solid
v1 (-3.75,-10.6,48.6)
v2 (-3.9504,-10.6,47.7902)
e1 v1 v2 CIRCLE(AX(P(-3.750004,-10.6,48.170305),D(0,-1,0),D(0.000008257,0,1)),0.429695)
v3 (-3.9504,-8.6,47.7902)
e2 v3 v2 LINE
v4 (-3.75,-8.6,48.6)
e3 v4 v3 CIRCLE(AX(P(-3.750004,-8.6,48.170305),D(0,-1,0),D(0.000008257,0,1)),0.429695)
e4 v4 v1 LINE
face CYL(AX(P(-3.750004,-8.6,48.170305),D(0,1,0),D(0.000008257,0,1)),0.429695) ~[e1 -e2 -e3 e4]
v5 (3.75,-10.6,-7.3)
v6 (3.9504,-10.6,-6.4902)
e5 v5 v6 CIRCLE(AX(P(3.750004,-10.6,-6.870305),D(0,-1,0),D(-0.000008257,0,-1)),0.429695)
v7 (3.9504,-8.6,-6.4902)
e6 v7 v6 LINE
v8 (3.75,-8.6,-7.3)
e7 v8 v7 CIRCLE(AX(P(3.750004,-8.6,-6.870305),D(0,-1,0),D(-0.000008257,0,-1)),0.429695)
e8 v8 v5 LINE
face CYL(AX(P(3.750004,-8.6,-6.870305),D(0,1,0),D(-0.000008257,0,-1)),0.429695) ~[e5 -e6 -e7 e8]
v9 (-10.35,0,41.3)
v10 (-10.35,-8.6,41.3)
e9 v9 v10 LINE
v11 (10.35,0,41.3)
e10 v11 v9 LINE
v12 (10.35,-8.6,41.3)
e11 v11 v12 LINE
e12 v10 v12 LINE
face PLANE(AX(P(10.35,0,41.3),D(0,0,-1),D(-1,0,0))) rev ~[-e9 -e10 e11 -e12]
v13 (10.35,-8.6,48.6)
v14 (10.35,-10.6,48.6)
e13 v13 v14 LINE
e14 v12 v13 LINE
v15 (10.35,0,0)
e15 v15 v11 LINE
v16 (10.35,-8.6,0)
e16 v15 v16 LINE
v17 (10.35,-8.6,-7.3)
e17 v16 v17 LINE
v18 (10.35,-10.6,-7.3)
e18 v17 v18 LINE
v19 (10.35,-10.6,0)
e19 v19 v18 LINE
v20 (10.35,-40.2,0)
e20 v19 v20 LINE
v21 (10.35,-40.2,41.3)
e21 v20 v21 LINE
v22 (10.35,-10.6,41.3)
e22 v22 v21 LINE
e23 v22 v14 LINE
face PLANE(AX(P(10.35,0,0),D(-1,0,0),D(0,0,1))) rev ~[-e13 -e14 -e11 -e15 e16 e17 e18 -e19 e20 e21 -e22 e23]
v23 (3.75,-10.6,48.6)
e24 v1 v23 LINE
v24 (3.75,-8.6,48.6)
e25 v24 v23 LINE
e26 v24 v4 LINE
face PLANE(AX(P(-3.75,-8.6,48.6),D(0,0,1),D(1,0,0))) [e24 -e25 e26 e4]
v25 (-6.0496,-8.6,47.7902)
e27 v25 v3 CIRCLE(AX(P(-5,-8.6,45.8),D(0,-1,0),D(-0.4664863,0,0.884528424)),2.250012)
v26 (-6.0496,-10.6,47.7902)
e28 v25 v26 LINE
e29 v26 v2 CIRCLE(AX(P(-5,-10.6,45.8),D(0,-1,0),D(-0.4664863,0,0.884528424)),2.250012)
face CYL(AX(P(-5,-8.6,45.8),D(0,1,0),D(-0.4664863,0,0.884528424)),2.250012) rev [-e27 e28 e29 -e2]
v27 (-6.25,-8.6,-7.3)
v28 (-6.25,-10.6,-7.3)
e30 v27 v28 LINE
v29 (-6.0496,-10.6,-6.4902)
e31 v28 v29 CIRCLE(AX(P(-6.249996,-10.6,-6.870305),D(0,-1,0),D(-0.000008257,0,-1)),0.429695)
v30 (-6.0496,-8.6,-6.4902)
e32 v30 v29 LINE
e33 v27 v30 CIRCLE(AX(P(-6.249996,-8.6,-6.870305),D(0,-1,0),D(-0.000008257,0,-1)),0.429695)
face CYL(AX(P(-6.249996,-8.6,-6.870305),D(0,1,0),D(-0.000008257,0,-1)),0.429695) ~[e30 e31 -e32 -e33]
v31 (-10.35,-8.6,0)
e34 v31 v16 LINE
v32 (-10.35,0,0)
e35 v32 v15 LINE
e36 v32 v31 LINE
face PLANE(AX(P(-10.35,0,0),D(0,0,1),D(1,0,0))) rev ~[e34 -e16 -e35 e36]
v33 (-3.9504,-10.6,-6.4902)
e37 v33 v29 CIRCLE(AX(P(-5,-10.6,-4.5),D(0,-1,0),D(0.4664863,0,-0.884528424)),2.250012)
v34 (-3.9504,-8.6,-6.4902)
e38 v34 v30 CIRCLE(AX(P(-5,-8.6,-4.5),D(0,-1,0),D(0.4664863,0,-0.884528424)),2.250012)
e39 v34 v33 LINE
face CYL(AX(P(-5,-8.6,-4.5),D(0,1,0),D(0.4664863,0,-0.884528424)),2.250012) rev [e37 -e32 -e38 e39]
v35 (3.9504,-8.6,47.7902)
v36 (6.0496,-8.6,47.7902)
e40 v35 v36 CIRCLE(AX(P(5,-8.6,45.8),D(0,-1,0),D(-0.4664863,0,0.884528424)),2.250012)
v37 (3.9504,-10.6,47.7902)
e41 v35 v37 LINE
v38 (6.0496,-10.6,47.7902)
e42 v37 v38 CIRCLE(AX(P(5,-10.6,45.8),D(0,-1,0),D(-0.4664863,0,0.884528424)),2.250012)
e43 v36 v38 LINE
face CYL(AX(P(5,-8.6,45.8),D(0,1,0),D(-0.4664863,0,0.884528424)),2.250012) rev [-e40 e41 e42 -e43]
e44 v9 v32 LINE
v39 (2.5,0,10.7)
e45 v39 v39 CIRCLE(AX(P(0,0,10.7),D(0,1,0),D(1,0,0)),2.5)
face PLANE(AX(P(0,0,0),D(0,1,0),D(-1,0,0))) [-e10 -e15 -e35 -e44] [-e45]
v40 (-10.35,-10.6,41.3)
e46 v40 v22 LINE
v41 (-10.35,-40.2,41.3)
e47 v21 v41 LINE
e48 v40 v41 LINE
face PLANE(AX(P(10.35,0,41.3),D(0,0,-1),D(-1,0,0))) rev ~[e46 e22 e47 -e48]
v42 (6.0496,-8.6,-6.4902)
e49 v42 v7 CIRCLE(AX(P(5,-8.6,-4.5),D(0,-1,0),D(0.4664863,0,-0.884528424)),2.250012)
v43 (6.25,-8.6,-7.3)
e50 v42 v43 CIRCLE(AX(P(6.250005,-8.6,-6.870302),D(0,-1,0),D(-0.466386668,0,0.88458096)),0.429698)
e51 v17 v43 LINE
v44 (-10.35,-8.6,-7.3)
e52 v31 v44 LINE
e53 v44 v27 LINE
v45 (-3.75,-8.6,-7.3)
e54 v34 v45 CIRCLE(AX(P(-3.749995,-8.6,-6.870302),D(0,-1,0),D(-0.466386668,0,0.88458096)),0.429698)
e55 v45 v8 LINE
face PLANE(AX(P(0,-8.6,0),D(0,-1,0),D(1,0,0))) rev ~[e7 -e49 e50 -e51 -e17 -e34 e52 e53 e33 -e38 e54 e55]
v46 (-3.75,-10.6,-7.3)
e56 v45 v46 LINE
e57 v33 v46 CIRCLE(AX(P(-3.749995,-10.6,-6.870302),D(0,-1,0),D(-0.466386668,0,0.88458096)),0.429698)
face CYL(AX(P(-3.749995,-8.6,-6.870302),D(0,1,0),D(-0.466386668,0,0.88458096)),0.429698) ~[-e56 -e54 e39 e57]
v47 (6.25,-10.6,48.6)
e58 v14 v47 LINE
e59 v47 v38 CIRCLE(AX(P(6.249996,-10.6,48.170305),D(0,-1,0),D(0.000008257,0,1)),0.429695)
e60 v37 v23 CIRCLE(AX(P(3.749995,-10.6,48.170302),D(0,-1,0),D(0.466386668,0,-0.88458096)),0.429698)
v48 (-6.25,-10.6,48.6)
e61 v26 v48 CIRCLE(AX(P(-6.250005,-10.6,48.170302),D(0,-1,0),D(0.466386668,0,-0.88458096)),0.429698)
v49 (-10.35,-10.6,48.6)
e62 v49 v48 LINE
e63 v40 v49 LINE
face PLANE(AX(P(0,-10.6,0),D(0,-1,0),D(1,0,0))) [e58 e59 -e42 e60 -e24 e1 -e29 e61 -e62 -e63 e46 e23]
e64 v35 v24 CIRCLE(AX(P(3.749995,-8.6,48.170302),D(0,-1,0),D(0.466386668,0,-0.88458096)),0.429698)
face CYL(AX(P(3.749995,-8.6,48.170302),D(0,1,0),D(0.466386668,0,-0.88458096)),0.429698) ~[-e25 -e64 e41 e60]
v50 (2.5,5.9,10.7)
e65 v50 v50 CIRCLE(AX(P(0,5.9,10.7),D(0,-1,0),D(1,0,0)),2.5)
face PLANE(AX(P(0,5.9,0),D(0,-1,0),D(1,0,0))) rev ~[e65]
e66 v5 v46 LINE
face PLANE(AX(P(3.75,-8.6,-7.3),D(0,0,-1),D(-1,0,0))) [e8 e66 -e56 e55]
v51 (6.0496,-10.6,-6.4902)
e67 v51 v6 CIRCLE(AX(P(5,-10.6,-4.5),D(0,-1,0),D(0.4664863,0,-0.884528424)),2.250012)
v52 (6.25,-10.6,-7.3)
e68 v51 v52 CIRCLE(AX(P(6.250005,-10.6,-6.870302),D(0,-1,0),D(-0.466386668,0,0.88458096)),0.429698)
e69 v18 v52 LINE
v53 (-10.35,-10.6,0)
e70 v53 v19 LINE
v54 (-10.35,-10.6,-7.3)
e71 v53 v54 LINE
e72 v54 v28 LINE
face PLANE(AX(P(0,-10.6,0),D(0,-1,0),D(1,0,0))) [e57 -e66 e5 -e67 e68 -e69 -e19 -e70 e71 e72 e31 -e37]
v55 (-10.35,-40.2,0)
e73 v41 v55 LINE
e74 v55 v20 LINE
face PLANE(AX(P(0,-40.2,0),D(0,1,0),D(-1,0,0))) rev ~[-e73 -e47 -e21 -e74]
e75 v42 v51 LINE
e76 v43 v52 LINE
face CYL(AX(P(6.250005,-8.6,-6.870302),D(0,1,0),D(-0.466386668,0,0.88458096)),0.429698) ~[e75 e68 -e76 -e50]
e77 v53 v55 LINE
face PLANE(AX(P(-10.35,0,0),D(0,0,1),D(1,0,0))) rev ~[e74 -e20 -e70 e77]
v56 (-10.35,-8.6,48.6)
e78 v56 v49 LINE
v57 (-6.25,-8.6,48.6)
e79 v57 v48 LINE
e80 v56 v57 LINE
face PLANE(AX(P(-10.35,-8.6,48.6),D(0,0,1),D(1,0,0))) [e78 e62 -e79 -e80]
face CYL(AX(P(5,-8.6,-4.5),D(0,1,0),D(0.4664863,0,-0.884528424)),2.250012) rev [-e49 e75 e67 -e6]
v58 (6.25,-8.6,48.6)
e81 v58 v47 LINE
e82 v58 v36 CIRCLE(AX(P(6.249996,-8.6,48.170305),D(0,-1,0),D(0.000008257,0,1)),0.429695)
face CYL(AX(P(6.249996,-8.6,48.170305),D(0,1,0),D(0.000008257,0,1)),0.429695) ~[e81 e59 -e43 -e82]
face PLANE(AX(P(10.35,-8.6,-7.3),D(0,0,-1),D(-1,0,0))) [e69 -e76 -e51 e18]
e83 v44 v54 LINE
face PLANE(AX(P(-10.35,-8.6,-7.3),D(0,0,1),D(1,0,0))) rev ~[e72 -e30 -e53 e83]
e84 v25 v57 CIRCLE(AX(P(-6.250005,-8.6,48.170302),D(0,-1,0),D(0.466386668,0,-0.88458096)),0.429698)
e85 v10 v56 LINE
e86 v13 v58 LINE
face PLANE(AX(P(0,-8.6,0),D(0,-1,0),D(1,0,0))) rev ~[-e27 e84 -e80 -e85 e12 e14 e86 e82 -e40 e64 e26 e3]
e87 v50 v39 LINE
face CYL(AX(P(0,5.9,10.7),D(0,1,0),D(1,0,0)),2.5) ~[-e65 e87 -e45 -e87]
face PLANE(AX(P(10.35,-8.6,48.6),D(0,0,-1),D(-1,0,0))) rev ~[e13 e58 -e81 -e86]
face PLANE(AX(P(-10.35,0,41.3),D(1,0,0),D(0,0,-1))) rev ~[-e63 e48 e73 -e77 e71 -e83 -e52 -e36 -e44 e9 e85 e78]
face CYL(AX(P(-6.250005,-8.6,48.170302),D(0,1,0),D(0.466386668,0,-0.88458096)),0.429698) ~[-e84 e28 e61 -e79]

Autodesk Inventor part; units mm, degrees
ref_plane "YZ Plane" through (0, 0, 0) normal (1, 0, 0) x (0, 1, 0)
ref_plane "XZ Plane" through (0, 0, 0) normal (0, 1, 0) x (-1, 0, 0)
ref_plane "XY Plane" through (0, 0, 0) normal (0, 0, 1) x (1, 0, 0)
sketch "Sketch1" plane through (0, 0, 0) normal (0, 1, 0) x (-1, 0, 0)
  line L0 (10.35, 0) -> (-10.35, 0)
  line L1 (-10.35, 0) -> (-10.35, 41.3)
  line L2 (-10.35, 41.3) -> (10.35, 41.3)
  line L3 (10.35, 41.3) -> (10.35, 0)
  point P0 (0, 0)
  point P1 (0, 0)
  dimension "d0" = 41.3
  dimension "d1" = 20.7
extrude "Extrusion1" add sketch "Sketch1" against normal blind 40.2
ref_plane "Work Plane2" through (0, -8.6, 0) normal (0, -1, 0) x (1, 0, 0)
ref_plane "Work Plane1" through (0, 5.9, 0) normal (0, -1, 0) x (1, 0, 0)
sketch "Sketch2" plane through (0, -8.6, 0) normal (0, -1, 0) x (1, 0, 0)
  line L0 (-10.35, 0) -> (10.35, 0) projected
  line L1 (-10.35, 41.3) -> (-10.35, 0) construction
  line L2 (-10.35, 0) -> (-10.35, -7.3)
  line L3 (-10.35, -7.3) -> (-6.25, -7.3)
  arc A0 (-6.25, -7.3) -> (-6.0496, -6.4902) centre (-6.25, -6.8703) ccw
  arc A1 (-3.9504, -6.4902) -> (-6.0496, -6.4902) centre (-5, -4.5) ccw
  arc A2 (-3.9504, -6.4902) -> (-3.75, -7.3) centre (-3.75, -6.8703) ccw
  line L4 (-3.75, -7.3) -> (0, -7.3)
  line L5 (0, -7.3) -> (0, 0) construction
  line L6 (10.35, 0) -> (10.35, -7.3)
  line L7 (10.35, -7.3) -> (6.25, -7.3)
  arc A3 (6.0496, -6.4902) -> (6.25, -7.3) centre (6.25, -6.8703) ccw
  arc A4 (6.0496, -6.4902) -> (3.9504, -6.4902) centre (5, -4.5) ccw
  arc A5 (3.75, -7.3) -> (3.9504, -6.4902) centre (3.75, -6.8703) ccw
  line L8 (3.75, -7.3) -> (0, -7.3)
  line L9 (-10.35, 20.65) -> (10.35, 20.65) construction
  line L10 (10.35, 0) -> (10.35, 41.3) construction
  line L11 (-10.35, 41.3) -> (10.35, 41.3)
  line L12 (-10.35, 41.3) -> (-10.35, 48.6)
  line L13 (-10.35, 48.6) -> (-6.25, 48.6)
  arc A6 (-6.0496, 47.7902) -> (-6.25, 48.6) centre (-6.25, 48.1703) ccw
  arc A7 (-6.0496, 47.7902) -> (-3.9504, 47.7902) centre (-5, 45.8) ccw
  arc A8 (-3.75, 48.6) -> (-3.9504, 47.7902) centre (-3.75, 48.1703) ccw
  line L14 (-3.75, 48.6) -> (0, 48.6)
  line L15 (0, 48.6) -> (0, 41.3) construction
  line L16 (10.35, 48.6) -> (6.25, 48.6)
  arc A9 (6.25, 48.6) -> (6.0496, 47.7902) centre (6.25, 48.1703) ccw
  arc A10 (3.9504, 47.7902) -> (6.0496, 47.7902) centre (5, 45.8) ccw
  arc A11 (3.9504, 47.7902) -> (3.75, 48.6) centre (3.75, 48.1703) ccw
  line L17 (3.75, 48.6) -> (0, 48.6)
  line L18 (10.35, 41.3) -> (10.35, 48.6)
  dimension "d7" = 4.5
  dimension "d8" = 10
  dimension "d9" = 55.9
  dimension "d10" = 50.3
  dimension "d11" = 2.5
extrude "Extrusion2" add sketch "Sketch2" along normal blind 2
sketch "Sketch3" plane through (0, 5.9, 0) normal (0, -1, 0) x (1, 0, 0)
  circle A0 centre (0, 10.7) radius 2.5
  arc A1 (-3.9504, -6.4902) -> (-6.0496, -6.4902) centre (-5, -4.5) ccw construction
  point P0 (0, 0)
  dimension "d17" = 5
  dimension "d18" = 15.2
extrude "Extrusion3" add sketch "Sketch3" along normal up to next
properties part number "SM-S4303R"
